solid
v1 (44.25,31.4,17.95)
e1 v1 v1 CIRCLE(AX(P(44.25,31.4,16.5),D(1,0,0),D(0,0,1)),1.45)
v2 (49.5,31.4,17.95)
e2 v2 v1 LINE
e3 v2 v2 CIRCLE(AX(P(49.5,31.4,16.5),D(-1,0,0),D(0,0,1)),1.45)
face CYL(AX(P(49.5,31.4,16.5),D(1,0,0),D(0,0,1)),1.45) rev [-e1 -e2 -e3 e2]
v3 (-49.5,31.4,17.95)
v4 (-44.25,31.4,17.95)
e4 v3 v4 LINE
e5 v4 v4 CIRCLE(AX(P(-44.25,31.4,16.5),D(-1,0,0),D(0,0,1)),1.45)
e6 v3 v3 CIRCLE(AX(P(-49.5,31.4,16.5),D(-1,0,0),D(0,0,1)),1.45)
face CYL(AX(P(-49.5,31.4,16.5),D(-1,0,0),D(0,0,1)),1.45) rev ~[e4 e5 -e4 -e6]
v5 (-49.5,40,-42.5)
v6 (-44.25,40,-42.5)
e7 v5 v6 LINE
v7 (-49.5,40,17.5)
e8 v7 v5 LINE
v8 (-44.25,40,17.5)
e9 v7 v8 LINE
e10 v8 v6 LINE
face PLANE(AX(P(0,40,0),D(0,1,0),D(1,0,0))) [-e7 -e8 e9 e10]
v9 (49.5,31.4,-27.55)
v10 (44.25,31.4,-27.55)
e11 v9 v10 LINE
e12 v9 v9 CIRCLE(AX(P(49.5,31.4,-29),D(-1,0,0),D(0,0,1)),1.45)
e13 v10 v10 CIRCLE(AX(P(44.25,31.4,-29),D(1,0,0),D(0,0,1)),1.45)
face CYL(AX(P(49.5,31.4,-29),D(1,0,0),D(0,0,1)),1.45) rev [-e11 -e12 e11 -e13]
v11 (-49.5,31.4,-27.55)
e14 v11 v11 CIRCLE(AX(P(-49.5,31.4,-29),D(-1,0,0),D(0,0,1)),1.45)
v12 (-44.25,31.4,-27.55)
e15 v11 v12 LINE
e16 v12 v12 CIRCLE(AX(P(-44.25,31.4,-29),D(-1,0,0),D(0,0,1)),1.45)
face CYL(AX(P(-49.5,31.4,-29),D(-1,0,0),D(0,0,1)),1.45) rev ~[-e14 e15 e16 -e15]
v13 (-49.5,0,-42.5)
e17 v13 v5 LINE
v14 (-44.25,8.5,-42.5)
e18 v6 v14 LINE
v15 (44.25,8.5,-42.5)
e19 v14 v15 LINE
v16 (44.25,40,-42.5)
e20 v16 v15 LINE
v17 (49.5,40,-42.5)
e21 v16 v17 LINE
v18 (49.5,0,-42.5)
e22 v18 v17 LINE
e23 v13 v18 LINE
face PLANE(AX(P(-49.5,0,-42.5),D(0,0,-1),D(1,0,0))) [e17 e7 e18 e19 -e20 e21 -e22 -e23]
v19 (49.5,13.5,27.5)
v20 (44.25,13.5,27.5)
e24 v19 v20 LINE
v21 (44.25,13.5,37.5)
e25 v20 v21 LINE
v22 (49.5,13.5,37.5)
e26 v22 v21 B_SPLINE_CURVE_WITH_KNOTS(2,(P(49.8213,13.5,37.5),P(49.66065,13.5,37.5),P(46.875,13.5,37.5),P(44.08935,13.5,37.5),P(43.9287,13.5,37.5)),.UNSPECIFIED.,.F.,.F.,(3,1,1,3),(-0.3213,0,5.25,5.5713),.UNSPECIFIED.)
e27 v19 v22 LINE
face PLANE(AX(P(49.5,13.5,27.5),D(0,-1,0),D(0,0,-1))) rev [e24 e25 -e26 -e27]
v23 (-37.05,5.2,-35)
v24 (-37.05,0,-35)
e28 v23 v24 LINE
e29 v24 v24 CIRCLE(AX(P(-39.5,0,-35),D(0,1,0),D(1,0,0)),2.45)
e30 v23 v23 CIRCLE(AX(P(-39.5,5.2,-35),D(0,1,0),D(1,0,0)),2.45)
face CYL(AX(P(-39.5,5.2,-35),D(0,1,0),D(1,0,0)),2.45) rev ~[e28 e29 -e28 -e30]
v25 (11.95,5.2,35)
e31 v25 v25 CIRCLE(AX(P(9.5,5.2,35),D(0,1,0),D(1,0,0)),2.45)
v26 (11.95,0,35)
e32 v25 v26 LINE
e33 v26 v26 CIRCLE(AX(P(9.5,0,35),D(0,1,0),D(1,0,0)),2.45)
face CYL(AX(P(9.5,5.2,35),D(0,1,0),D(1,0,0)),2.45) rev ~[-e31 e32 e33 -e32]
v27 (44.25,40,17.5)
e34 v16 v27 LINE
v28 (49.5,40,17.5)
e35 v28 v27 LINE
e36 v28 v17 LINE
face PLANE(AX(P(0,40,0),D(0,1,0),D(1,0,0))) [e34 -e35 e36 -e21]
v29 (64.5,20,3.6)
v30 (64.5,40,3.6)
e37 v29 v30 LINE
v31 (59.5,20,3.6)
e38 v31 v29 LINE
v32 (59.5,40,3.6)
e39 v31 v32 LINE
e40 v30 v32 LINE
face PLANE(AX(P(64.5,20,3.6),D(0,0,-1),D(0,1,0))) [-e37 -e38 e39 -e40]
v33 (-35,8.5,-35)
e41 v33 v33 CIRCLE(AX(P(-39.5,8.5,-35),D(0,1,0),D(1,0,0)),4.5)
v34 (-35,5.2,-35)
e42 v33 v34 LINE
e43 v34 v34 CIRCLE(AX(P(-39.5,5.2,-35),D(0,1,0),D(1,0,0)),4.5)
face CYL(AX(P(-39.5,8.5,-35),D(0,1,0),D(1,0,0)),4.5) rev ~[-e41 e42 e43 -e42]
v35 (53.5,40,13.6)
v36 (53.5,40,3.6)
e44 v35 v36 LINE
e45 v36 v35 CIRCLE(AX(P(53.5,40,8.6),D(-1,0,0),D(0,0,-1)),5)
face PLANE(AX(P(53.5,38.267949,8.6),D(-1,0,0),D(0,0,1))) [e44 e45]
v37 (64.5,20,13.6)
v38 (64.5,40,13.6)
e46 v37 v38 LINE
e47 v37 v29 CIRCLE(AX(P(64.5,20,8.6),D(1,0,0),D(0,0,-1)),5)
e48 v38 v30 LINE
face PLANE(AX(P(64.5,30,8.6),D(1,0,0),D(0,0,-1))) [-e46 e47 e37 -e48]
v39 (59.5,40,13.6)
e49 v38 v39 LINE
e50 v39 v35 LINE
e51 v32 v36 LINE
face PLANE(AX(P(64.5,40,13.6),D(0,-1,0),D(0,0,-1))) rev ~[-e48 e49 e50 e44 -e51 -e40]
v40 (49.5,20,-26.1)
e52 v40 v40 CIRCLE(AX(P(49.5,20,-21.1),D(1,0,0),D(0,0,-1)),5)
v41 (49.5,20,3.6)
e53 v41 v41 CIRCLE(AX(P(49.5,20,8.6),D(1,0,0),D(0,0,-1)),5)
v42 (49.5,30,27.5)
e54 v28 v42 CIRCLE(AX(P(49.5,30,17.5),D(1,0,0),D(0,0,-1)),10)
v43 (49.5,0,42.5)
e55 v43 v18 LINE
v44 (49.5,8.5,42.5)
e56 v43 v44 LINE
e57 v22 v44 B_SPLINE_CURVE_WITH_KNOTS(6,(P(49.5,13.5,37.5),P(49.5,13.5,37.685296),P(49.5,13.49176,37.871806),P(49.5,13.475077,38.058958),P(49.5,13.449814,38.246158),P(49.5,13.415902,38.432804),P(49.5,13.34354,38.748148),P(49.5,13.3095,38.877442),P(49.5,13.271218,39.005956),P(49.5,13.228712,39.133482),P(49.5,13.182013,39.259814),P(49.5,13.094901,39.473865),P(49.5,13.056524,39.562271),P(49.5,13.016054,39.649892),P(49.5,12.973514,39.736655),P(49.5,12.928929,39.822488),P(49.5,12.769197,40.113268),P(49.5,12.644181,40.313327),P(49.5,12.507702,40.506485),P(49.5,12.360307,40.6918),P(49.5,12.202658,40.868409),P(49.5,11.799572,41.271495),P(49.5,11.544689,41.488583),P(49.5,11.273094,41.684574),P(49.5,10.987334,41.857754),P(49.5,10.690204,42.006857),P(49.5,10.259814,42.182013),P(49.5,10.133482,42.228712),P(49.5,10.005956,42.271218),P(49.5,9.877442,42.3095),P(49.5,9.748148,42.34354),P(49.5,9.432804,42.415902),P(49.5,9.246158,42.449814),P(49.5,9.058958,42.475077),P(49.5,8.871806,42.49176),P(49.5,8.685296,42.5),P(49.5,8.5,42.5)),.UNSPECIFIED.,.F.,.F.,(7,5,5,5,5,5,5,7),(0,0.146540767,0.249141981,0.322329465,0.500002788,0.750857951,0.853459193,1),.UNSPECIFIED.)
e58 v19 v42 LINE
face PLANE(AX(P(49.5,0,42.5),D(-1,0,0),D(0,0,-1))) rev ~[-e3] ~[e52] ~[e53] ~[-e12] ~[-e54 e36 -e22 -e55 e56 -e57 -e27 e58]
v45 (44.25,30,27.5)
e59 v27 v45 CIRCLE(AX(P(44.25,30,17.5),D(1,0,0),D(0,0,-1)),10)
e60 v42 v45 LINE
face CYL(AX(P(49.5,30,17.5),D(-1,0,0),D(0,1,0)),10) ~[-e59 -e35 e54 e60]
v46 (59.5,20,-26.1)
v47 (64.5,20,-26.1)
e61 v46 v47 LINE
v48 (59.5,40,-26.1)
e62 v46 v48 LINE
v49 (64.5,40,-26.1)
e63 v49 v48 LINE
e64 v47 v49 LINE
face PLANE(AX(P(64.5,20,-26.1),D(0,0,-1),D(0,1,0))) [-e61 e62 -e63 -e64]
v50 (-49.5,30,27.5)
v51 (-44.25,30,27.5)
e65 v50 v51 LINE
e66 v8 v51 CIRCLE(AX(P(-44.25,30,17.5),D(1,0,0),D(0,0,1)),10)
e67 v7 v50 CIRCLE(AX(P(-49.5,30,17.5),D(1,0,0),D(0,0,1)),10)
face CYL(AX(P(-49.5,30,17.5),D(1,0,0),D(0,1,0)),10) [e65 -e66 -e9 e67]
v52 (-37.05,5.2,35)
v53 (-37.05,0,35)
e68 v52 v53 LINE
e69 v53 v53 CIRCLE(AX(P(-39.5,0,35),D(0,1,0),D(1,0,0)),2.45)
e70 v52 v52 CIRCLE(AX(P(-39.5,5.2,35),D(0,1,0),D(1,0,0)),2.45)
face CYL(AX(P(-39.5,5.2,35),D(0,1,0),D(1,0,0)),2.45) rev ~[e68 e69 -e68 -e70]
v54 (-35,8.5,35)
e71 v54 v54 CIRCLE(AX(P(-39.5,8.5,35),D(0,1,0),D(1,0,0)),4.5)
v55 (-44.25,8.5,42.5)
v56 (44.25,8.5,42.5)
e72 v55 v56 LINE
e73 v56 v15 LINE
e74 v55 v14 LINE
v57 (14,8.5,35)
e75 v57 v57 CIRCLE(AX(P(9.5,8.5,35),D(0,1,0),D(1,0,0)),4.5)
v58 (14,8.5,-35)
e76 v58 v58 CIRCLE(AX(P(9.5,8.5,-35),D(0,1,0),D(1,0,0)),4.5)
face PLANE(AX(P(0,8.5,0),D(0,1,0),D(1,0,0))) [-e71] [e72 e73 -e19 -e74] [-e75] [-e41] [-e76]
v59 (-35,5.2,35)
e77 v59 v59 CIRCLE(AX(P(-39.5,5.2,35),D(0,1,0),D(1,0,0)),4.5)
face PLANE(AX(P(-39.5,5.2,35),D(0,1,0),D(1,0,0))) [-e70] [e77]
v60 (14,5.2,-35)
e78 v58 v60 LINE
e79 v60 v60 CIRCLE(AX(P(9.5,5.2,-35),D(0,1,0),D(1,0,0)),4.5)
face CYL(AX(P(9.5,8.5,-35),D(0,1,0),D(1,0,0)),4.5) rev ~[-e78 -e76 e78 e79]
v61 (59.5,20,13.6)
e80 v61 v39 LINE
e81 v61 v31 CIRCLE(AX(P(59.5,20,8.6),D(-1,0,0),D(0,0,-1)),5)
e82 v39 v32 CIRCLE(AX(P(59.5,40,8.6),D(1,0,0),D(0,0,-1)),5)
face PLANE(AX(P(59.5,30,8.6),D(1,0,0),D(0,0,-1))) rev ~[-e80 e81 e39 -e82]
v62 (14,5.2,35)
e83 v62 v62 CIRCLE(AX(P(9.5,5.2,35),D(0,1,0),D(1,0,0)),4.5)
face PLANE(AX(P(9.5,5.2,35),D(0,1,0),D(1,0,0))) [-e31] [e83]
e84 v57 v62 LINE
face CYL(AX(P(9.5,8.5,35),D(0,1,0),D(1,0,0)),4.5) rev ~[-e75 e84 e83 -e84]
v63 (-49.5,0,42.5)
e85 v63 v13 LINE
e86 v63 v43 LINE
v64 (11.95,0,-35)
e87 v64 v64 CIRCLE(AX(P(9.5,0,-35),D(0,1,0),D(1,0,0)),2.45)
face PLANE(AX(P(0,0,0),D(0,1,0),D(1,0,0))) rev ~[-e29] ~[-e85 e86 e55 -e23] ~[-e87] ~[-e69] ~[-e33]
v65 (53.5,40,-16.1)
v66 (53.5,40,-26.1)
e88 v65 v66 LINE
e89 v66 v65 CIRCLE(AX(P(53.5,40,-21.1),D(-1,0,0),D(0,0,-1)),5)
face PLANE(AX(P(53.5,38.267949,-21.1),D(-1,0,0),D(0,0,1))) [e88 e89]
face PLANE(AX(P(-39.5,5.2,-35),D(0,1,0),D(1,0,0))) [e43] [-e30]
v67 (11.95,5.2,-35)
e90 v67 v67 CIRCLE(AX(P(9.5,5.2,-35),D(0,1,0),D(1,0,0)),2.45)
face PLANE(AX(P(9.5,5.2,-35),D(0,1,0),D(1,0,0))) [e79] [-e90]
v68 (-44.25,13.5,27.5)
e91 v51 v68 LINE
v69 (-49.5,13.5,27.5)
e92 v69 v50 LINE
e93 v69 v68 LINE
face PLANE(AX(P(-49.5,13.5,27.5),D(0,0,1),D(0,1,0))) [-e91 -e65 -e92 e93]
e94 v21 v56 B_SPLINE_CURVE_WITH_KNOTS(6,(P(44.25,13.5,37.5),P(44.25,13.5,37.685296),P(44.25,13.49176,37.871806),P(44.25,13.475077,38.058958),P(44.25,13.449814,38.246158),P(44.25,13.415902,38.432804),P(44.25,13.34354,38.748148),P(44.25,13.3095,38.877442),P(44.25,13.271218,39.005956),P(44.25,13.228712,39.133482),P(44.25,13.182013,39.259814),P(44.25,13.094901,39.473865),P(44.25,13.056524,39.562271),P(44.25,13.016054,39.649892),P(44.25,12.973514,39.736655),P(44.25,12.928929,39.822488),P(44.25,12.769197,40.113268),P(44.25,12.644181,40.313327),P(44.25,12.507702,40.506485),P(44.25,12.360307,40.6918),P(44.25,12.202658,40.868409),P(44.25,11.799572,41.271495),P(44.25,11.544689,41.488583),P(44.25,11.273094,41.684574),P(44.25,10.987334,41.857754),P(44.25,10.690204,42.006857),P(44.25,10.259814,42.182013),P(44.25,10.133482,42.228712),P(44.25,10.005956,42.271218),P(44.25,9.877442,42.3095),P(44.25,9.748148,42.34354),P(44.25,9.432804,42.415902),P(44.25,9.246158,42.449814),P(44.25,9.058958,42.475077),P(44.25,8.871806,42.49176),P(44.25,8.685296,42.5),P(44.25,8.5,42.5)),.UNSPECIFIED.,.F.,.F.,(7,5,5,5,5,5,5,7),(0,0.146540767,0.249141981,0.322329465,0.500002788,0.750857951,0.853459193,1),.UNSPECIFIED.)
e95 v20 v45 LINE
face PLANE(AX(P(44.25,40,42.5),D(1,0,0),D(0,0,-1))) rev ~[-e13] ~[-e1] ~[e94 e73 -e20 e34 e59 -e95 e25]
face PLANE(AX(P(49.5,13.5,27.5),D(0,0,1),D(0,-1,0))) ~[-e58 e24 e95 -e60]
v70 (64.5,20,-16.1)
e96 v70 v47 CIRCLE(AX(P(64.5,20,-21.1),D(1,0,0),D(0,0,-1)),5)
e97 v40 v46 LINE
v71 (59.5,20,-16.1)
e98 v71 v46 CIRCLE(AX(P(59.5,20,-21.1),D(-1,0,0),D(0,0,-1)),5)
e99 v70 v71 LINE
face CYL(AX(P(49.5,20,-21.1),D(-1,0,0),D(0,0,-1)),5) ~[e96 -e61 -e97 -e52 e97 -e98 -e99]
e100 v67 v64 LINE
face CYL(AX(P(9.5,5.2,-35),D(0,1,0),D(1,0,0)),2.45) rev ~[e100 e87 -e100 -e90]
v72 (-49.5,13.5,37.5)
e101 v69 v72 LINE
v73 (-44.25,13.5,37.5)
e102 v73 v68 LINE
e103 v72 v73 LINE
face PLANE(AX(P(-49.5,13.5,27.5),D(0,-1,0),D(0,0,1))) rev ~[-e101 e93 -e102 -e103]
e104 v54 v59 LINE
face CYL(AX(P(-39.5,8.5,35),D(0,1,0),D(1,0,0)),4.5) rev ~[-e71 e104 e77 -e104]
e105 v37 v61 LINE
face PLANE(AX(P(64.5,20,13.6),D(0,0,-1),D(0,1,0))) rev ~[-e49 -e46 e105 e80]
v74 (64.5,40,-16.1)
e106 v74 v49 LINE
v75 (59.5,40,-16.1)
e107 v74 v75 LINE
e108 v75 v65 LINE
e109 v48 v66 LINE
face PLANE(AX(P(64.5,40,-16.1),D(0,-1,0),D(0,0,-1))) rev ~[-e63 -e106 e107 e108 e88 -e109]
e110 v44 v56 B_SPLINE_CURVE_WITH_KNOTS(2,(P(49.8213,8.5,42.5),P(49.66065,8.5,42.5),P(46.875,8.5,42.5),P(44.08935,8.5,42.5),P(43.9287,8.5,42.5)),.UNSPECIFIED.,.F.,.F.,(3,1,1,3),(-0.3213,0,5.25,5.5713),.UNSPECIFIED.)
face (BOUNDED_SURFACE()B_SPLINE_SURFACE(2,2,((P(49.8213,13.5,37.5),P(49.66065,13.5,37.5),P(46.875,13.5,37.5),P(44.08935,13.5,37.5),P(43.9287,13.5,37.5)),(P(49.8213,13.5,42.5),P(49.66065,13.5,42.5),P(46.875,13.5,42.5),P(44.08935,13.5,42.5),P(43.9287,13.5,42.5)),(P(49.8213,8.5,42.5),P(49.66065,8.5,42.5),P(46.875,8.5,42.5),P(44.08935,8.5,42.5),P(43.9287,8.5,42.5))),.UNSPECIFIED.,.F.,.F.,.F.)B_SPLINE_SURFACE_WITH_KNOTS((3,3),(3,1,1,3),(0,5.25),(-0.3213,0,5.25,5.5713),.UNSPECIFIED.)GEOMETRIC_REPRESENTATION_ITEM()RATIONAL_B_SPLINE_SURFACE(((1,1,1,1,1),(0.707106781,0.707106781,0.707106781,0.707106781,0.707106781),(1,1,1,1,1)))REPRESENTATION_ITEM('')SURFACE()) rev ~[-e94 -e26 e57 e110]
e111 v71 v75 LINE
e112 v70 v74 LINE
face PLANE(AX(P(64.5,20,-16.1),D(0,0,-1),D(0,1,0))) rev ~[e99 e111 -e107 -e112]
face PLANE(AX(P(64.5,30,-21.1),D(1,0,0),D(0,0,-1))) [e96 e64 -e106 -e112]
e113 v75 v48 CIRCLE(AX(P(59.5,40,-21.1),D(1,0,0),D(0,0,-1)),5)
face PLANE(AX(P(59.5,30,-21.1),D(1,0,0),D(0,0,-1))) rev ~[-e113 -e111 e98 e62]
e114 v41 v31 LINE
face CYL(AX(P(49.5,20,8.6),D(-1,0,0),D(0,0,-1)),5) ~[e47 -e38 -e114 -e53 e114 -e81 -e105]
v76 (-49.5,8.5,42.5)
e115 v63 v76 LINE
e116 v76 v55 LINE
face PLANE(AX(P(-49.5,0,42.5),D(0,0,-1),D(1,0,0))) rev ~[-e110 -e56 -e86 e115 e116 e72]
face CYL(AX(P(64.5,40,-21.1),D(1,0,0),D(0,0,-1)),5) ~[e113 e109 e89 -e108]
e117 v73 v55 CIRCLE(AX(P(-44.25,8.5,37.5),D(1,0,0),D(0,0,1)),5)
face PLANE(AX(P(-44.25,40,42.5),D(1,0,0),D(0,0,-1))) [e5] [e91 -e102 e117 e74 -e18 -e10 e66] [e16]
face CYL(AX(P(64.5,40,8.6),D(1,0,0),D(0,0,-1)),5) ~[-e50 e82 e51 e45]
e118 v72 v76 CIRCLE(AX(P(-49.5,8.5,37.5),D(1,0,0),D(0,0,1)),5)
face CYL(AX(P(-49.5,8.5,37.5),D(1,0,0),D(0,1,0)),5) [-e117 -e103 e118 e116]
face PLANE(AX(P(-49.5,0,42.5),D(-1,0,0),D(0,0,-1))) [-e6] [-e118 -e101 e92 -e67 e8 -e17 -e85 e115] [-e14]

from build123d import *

# Parameters (mm, degrees)
SKETCH1_W            = 99
SKETCH1_H            = 85
BOSS_EXTRUDE1_DEPTH  = 40
SKETCH2_W            = 88.5
SKETCH2_H            = 85
CUT_EXTRUDE1_DEPTH   = 31.5
SKETCH5_R            = 4.5
CUT_EXTRUDE3_DEPTH   = 3.3
SKETCH6_R            = 2.45
CUT_EXTRUDE4_DEPTH   = 5.2
SKETCH16_R           = 1.45
CUT_EXTRUDE6_DEPTH   = 93.75
SKETCH17_R           = 5
BOSS_EXTRUDE2_DEPTH  = 15
SKETCH18_W           = 10
SKETCH18_H           = 20
BOSS_EXTRUDE3_DEPTH  = 5
BOSS_EXTRUDE4_DEPTH  = 11
SKETCH20_W           = 15
SKETCH20_H           = 26.5
CUT_EXTRUDE7_DEPTH   = 93.75
FILLET1_R            = 10
FILLET2_R            = 5
FILLET1_OF_MIRROR3_R = 10
FILLET2_OF_MIRROR3_R = 5
SKETCH21_W           = 10
SKETCH21_H           = 20
BOSS_EXTRUDE5_DEPTH  = 5
BOSS_EXTRUDE7_DEPTH  = 11


with BuildPart() as part:
    # Sketch1 → Boss-Extrude1 (new body)
    with BuildSketch(Plane(origin=(0, 0, 0), x_dir=(1, 0, 0), z_dir=(0, 1, 0))):
        Rectangle(SKETCH1_W, SKETCH1_H)
    extrude(amount=BOSS_EXTRUDE1_DEPTH)

    # Sketch2 → Cut-Extrude1 (cut)
    with BuildSketch(Plane(origin=(0, 40, 0), x_dir=(1, 0, 0), z_dir=(0, 1, 0))):
        Rectangle(SKETCH2_W, SKETCH2_H)
    extrude(amount=-CUT_EXTRUDE1_DEPTH, mode=Mode.SUBTRACT)

    # Sketch5 → Cut-Extrude3 (cut)
    with BuildSketch(Plane(origin=(0, 8.5, 0), x_dir=(1, 0, 0), z_dir=(0, 1, 0))):
        with Locations((-39.5, 35)):
            Circle(SKETCH5_R)
        with Locations((9.5, 35)):
            Circle(SKETCH5_R)
        with Locations((-39.5, -35)):
            Circle(SKETCH5_R)
        with Locations((9.5, -35)):
            Circle(SKETCH5_R)
    extrude(amount=-CUT_EXTRUDE3_DEPTH, mode=Mode.SUBTRACT)

    # Sketch6 → Cut-Extrude4 (cut)
    with BuildSketch(Plane(origin=(0, 5.2, 0), x_dir=(1, 0, 0), z_dir=(0, 1, 0))):
        with Locations((-39.5, 35)):
            Circle(SKETCH6_R)
        with Locations((9.5, 35)):
            Circle(SKETCH6_R)
        with Locations((9.5, -35)):
            Circle(SKETCH6_R)
        with Locations((-39.5, -35)):
            Circle(SKETCH6_R)
    extrude(amount=-CUT_EXTRUDE4_DEPTH, mode=Mode.SUBTRACT)

    # Sketch16 → Cut-Extrude6 (cut)
    with BuildSketch(Plane.ZY.offset(49.5)):
        with Locations((-29, 31.4)):
            Circle(SKETCH16_R)
        with Locations((16.5, 31.4)):
            Circle(SKETCH16_R)
    cut_extrude6 = extrude(amount=-CUT_EXTRUDE6_DEPTH, mode=Mode.SUBTRACT)

    # Mirror1: Cut-Extrude6 across plane
    add(cut_extrude6.mirror(Plane(origin=(0, 0, 0), x_dir=(0, 0, 1), z_dir=(1, 0, 0))), mode=Mode.SUBTRACT)

    # Sketch17 → Boss-Extrude2 (add)
    with BuildSketch(Plane(origin=(49.5, 0, 0), x_dir=(0, 0, -1), z_dir=(1, 0, 0))):
        with Locations((-8.6, 20)):
            Circle(SKETCH17_R)
        with Locations((21.1, 20)):
            Circle(SKETCH17_R)
    extrude(amount=BOSS_EXTRUDE2_DEPTH)

    # Sketch18 → Boss-Extrude3 (add)
    with BuildSketch(Plane(origin=(64.5, 0, 0), x_dir=(0, 0, -1), z_dir=(1, 0, 0))):
        with Locations((-8.6, 30)):
            Rectangle(SKETCH18_W, SKETCH18_H)
    extrude(amount=-BOSS_EXTRUDE3_DEPTH)

    # Sketch19 → Boss-Extrude4 (add)
    with BuildSketch(Plane(origin=(64.5, 0, 0), x_dir=(0, 0, -1), z_dir=(1, 0, 0))):
        with BuildLine():
            Line((-13.6, 40), (-3.6, 40))
            ThreePointArc((-3.6, 40), (-8.6, 35), (-13.6, 40))
        make_face()
    extrude(amount=-BOSS_EXTRUDE4_DEPTH)

    # Sketch20 → Cut-Extrude7 (cut)
    with BuildSketch(Plane.ZY.offset(49.5)):
        with Locations((35, 26.75)):
            Rectangle(SKETCH20_W, SKETCH20_H)
    cut_extrude7 = extrude(amount=-CUT_EXTRUDE7_DEPTH, mode=Mode.SUBTRACT)

    # Fillet1
    fillet1_edges = [part.edges().sort_by_distance(p)[0] for p in [
        (-46.875, 40, 27.5),
    ]]
    fillet(fillet1_edges, radius=FILLET1_R)

    # Fillet2
    fillet2_edges = [part.edges().sort_by_distance(p)[0] for p in [
        (-46.875, 13.5, 42.5),
    ]]
    fillet(fillet2_edges, radius=FILLET2_R)

    # Mirror3: Cut-Extrude7 across plane
    add(cut_extrude7.mirror(Plane(origin=(0, 0, 0), x_dir=(0, 0, 1), z_dir=(1, 0, 0))), mode=Mode.SUBTRACT)

    # Fillet1 of Mirror3
    fillet1_of_mirror3_edges = [part.edges().sort_by_distance(p)[0] for p in [
        (46.875, 40, 27.5),
    ]]
    fillet(fillet1_of_mirror3_edges, radius=FILLET1_OF_MIRROR3_R)

    # Fillet2 of Mirror3
    fillet2_of_mirror3_edges = [part.edges().sort_by_distance(p)[0] for p in [
        (46.875, 13.5, 42.5),
    ]]
    fillet(fillet2_of_mirror3_edges, radius=FILLET2_OF_MIRROR3_R)

    # Sketch21 → Boss-Extrude5 (add)
    with BuildSketch(Plane(origin=(64.5, 0, 0), x_dir=(0, 0, -1), z_dir=(1, 0, 0))):
        with Locations((21.1, 30)):
            Rectangle(SKETCH21_W, SKETCH21_H)
    extrude(amount=-BOSS_EXTRUDE5_DEPTH)

    # Sketch23 → Boss-Extrude7 (add)
    with BuildSketch(Plane(origin=(64.5, 0, 0), x_dir=(0, 0, -1), z_dir=(1, 0, 0))):
        with BuildLine():
            Line((16.1, 40), (26.1, 40))
            ThreePointArc((26.1, 40), (21.1, 35), (16.1, 40))
        make_face()
    extrude(amount=-BOSS_EXTRUDE7_DEPTH)


solid = part.part
